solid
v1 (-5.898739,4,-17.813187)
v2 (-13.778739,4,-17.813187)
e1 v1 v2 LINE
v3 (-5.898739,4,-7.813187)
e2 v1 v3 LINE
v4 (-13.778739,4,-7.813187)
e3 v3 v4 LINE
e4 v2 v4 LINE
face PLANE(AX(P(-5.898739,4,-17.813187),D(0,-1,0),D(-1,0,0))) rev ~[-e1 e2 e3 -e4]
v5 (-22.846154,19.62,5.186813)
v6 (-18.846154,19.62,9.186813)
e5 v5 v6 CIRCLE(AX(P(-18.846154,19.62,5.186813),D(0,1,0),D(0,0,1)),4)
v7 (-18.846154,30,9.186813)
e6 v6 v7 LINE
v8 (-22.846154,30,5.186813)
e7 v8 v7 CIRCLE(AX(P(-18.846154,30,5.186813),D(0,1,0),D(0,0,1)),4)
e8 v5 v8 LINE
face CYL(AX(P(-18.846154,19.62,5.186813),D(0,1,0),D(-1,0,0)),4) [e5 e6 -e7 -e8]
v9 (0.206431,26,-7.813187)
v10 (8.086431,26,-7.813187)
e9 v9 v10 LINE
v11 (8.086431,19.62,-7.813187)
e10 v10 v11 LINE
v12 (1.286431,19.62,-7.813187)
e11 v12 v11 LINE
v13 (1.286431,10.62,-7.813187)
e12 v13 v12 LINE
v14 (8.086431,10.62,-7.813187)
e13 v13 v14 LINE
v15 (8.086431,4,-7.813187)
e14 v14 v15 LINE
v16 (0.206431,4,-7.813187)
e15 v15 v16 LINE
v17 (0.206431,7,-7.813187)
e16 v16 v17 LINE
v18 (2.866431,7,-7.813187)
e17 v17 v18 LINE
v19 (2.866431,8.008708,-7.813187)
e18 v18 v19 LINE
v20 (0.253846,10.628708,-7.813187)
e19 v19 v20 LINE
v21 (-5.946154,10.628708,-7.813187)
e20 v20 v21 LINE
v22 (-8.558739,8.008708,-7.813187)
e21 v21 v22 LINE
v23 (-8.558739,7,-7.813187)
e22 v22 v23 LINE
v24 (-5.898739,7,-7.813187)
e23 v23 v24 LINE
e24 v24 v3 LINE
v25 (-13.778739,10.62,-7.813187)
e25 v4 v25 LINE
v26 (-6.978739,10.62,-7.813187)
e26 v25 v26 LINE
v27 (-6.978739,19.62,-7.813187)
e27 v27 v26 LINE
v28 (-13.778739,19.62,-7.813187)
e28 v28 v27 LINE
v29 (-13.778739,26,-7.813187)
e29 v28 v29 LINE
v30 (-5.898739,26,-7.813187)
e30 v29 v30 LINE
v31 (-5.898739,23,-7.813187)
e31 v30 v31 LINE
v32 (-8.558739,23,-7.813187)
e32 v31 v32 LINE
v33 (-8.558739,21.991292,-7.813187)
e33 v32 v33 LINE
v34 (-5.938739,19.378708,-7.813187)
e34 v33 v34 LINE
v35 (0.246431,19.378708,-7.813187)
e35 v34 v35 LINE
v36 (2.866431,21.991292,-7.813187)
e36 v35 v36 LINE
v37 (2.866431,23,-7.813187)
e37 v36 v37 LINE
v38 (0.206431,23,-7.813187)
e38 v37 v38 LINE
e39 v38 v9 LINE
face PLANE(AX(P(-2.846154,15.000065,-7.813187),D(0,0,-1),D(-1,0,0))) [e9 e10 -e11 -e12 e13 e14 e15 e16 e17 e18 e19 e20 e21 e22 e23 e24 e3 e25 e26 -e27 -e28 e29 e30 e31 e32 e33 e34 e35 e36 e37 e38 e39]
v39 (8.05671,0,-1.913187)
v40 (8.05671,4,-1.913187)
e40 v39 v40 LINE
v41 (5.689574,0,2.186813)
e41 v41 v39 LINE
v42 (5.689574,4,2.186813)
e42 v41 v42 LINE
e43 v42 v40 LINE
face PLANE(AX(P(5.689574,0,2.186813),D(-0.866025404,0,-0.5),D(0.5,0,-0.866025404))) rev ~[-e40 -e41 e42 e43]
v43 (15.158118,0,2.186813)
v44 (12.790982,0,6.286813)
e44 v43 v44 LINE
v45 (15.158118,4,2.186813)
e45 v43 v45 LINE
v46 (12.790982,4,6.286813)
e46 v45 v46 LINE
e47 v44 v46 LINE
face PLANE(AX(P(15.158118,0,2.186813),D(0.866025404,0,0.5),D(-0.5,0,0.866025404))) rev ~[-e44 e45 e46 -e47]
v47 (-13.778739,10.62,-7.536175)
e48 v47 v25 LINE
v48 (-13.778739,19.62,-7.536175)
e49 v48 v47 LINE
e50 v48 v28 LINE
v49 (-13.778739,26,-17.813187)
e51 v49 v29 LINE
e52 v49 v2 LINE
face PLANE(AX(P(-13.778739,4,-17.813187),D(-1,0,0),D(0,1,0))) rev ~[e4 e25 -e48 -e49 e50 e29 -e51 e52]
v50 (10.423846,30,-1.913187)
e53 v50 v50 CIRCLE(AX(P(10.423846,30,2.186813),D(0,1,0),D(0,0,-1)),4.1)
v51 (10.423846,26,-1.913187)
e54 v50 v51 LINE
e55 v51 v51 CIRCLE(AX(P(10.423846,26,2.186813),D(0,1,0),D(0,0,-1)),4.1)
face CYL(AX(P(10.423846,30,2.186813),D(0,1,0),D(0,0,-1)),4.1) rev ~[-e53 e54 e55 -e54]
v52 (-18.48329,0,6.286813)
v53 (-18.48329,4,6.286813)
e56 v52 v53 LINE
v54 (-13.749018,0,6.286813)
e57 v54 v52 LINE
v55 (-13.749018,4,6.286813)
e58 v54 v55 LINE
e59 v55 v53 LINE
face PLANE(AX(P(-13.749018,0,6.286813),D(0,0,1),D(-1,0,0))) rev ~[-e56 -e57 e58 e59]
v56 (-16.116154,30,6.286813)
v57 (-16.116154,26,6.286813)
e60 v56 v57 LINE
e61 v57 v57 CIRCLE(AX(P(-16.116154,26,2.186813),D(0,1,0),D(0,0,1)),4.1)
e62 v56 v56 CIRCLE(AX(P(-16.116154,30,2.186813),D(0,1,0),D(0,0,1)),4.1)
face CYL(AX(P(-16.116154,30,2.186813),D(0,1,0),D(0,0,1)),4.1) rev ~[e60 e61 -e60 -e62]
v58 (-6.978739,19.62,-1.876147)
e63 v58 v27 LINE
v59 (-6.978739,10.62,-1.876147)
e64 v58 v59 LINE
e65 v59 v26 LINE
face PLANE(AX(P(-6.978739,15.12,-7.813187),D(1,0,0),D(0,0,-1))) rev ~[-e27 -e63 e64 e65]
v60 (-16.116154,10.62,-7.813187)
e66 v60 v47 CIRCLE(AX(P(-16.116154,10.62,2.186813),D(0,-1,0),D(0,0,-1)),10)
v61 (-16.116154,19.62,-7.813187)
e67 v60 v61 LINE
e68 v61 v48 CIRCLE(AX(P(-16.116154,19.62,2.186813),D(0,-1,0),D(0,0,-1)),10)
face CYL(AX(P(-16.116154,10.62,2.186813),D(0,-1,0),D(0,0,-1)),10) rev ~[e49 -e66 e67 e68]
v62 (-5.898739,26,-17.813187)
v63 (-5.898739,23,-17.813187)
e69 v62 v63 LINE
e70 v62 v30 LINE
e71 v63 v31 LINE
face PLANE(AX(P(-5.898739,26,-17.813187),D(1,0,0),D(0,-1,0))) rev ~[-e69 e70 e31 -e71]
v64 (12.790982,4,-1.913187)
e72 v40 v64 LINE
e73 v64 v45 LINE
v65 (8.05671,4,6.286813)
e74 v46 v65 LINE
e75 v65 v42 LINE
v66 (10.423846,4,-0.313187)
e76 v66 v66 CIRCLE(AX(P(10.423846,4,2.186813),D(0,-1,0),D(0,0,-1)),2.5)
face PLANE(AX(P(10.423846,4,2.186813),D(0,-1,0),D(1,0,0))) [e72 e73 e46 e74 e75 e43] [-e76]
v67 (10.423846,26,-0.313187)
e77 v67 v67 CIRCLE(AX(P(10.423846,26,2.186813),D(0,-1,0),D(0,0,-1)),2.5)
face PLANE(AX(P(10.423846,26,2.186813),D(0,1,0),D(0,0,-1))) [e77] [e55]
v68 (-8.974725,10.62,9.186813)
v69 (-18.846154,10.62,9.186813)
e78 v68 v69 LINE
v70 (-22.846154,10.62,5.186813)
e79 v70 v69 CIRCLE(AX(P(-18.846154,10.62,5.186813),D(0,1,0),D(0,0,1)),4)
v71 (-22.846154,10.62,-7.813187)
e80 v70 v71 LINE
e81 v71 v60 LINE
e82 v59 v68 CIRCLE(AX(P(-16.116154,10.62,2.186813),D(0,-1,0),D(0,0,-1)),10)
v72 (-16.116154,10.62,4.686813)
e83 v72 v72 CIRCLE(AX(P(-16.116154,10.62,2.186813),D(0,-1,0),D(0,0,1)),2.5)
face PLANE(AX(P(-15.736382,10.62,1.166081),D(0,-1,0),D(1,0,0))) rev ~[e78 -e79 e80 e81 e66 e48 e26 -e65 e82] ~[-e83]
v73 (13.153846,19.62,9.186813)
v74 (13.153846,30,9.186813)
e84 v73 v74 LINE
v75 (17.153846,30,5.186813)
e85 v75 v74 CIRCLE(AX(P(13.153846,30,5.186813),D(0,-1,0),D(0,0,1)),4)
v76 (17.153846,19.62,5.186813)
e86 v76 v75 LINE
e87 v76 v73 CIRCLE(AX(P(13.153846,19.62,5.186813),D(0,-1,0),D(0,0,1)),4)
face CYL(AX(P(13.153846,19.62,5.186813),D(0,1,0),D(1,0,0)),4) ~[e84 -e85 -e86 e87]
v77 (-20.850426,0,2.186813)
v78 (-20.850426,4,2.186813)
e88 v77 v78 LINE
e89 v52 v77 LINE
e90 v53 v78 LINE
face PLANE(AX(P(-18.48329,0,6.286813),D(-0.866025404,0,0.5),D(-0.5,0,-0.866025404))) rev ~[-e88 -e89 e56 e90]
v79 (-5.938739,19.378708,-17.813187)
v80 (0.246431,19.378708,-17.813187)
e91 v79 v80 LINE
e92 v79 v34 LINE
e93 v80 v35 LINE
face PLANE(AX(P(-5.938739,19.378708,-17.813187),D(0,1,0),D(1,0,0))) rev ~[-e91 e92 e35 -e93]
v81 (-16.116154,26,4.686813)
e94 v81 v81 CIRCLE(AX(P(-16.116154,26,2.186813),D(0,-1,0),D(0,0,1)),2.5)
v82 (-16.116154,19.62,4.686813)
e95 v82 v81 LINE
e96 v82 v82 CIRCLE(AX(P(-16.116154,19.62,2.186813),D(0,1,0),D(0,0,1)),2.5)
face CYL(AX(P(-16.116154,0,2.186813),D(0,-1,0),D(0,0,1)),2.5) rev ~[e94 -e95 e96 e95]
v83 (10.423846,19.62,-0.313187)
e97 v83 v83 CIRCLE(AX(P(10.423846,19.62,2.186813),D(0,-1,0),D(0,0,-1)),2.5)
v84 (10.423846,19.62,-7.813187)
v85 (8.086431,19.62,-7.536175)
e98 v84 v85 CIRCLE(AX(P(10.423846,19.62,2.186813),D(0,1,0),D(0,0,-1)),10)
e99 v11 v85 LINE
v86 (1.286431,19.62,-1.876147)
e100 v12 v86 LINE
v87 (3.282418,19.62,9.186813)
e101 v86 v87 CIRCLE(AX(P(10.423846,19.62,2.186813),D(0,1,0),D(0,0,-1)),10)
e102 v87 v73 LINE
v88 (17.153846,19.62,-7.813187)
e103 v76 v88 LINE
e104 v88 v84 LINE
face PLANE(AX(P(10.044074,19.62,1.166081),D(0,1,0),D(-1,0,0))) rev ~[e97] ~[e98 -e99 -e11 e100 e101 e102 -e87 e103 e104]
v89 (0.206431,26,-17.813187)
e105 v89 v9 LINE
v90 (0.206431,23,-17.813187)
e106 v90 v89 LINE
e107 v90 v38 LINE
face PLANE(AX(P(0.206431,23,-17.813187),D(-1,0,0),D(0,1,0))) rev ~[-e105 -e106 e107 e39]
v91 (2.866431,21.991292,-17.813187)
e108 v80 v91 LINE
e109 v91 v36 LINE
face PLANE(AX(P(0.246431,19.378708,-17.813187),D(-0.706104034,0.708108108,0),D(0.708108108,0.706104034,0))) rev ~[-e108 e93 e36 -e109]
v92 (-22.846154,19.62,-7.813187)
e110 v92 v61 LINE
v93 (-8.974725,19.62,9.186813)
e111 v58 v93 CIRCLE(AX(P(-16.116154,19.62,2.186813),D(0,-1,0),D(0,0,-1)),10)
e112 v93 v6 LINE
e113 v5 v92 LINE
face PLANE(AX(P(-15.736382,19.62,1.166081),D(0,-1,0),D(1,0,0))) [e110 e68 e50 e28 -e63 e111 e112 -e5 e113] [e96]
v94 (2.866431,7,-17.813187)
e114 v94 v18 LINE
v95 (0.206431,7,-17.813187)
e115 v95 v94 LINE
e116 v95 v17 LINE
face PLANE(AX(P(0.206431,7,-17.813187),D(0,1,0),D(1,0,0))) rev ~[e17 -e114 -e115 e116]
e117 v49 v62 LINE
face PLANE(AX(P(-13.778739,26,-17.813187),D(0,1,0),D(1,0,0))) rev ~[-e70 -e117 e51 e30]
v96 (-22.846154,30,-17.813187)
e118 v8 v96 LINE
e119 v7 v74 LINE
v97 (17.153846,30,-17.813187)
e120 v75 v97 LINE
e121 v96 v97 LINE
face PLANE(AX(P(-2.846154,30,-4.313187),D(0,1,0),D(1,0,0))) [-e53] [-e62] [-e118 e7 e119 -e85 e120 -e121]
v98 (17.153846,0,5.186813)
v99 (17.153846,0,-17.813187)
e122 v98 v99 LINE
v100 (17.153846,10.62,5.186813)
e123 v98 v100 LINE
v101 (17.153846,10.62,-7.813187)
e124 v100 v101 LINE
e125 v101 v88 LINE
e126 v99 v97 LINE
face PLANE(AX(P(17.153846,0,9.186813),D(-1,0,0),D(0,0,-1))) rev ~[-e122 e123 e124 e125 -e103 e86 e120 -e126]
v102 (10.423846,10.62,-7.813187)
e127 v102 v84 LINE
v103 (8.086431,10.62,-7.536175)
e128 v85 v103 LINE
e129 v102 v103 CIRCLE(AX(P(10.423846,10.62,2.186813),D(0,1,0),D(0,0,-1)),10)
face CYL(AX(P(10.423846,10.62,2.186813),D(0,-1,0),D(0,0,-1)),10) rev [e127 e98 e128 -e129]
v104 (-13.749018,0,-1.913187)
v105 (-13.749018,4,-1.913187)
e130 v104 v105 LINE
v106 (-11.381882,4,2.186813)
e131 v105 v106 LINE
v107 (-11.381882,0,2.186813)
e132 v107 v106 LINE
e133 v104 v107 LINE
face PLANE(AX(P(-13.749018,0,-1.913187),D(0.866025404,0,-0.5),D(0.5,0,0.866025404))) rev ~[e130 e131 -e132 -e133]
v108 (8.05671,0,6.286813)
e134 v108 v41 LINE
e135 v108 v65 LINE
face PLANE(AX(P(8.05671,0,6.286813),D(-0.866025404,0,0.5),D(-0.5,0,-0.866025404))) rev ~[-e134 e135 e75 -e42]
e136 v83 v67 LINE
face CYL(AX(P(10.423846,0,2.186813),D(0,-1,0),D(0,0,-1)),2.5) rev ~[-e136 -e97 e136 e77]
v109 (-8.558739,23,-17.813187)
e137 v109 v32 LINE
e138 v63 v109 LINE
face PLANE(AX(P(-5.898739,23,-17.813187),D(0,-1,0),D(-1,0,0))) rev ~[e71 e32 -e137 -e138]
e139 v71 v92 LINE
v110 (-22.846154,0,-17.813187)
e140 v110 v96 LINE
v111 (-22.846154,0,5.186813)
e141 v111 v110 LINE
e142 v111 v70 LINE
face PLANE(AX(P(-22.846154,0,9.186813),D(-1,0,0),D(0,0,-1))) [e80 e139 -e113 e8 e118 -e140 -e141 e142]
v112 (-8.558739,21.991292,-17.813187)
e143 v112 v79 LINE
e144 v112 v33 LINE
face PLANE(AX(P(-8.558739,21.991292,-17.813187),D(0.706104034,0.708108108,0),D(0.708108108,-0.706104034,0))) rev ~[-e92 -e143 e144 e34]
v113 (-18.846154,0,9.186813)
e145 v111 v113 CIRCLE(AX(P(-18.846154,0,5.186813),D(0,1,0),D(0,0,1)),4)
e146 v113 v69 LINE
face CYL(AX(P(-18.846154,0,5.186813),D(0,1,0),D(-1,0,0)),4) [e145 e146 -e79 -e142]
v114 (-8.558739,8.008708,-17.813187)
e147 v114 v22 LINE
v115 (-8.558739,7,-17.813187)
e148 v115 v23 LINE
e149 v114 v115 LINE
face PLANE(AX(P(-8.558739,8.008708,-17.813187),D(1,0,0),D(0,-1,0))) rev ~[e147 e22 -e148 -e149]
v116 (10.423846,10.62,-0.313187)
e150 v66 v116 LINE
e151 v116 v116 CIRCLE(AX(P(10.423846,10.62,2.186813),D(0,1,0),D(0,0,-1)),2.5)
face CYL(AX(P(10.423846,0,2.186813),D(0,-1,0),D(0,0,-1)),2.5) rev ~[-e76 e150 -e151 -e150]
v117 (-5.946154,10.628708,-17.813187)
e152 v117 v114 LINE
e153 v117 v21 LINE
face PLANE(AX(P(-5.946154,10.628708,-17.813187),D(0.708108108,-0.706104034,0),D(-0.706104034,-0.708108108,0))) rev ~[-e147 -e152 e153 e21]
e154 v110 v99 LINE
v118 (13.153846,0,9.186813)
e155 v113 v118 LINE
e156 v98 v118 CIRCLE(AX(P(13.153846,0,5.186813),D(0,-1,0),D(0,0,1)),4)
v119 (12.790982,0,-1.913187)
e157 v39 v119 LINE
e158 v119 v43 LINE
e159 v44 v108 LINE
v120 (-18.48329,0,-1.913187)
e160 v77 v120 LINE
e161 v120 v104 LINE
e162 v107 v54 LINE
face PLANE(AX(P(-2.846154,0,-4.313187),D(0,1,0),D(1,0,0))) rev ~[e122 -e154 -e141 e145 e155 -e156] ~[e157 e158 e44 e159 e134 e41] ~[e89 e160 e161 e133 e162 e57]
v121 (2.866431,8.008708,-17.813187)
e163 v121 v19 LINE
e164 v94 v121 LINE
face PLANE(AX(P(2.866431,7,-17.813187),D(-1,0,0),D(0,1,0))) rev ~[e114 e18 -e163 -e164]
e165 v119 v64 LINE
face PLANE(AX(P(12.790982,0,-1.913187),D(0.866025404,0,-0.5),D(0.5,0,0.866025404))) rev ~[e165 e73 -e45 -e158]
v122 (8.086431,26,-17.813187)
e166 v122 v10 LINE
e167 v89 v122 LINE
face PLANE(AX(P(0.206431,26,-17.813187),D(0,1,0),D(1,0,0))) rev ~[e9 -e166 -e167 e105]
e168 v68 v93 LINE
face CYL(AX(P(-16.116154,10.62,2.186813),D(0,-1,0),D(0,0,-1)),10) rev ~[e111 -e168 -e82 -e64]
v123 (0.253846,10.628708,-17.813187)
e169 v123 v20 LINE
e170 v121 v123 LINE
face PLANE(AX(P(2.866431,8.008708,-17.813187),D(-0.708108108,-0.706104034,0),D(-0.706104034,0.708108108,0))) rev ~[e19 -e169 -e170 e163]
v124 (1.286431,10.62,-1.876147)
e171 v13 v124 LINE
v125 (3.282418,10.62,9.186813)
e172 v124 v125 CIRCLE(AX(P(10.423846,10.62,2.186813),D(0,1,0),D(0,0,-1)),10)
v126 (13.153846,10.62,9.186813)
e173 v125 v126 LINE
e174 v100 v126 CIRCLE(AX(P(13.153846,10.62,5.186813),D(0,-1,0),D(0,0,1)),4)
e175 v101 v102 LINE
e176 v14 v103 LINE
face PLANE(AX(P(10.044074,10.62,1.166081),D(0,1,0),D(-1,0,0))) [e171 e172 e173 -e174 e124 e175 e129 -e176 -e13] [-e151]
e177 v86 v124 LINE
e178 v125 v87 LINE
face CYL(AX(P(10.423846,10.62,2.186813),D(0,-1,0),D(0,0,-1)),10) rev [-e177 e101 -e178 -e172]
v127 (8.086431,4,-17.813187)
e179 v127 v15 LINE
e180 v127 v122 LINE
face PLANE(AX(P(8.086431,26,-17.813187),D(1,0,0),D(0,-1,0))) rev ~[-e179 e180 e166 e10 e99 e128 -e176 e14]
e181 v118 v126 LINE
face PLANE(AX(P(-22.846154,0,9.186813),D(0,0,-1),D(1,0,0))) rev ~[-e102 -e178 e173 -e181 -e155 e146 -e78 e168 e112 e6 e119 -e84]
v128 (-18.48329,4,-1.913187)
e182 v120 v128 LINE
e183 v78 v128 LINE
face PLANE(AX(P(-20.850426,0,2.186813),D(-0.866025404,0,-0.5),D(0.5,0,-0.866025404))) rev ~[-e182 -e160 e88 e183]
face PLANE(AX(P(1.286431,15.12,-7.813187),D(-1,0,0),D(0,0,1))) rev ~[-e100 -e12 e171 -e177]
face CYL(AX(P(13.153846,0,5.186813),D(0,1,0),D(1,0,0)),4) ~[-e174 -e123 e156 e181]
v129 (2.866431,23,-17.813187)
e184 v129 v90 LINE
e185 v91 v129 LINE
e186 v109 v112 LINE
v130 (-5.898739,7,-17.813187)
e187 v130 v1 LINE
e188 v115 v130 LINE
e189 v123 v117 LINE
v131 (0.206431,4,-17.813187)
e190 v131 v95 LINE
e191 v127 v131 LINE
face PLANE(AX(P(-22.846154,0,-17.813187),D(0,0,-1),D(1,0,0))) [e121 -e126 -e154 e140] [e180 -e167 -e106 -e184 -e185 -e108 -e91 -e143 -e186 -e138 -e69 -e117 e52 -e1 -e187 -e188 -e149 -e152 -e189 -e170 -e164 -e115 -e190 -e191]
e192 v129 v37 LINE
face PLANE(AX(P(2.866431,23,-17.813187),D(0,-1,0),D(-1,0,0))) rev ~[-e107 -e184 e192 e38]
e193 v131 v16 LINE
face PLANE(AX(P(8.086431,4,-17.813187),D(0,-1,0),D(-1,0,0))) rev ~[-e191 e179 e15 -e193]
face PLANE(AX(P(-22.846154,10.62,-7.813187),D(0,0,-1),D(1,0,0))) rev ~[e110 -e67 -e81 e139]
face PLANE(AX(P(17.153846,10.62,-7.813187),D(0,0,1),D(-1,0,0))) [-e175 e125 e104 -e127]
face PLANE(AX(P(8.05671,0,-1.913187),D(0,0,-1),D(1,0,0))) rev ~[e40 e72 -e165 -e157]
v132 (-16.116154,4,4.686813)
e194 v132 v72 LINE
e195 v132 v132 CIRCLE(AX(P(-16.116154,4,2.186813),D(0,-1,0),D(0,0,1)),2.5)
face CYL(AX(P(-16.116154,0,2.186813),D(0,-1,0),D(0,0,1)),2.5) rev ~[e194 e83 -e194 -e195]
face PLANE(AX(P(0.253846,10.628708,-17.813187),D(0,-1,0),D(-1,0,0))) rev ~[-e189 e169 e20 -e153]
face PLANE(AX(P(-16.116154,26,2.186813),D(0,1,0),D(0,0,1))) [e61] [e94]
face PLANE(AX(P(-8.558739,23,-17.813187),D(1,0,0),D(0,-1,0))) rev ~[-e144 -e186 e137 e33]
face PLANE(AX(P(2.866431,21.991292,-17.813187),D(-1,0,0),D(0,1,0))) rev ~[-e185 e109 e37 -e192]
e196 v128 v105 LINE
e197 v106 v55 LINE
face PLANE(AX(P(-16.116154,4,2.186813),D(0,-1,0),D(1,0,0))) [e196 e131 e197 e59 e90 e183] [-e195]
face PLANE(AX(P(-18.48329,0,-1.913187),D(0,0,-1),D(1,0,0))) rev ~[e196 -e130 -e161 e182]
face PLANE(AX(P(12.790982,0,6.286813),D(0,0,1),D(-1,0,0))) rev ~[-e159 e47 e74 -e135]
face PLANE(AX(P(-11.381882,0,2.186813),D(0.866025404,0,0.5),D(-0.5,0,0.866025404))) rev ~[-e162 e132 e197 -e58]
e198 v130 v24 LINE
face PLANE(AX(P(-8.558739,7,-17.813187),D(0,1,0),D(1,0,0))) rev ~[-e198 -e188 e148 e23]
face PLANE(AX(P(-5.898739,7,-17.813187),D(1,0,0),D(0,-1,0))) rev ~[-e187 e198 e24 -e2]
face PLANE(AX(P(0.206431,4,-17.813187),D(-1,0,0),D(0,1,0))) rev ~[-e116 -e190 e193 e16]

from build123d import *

# Parameters (mm, degrees)
SKETCH1_W           = 40
SKETCH1_H           = 27
BOSS_EXTRUDE1_DEPTH = 30
CUT_EXTRUDE1_DEPTH  = 10
SKETCH3_R           = 2.5
CUT_EXTRUDE2_DEPTH  = 30
CUT_EXTRUDE5_START  = -10.62
CUT_EXTRUDE5_DEPTH  = 9
SKETCH10_W          = 20
SKETCH10_H          = 9
CUT_EXTRUDE7_DEPTH  = 6.8
SKETCH12_W          = 20
SKETCH12_H          = 9
CUT_EXTRUDE10_DEPTH = 6.8
FILLET1_R           = 4
SKETCH15_R          = 4.1
CUT_EXTRUDE12_DEPTH = 4
SKETCH16_R          = 2.5
CUT_EXTRUDE13_DEPTH = 4


with BuildPart() as part:
    # Sketch1 → Boss-Extrude1 (new body)
    with BuildSketch(Plane(origin=(0, 0, 0), x_dir=(1, 0, 0), z_dir=(0, 1, 0))):
        with Locations((-2.846153846, 4.313186813)):
            Rectangle(SKETCH1_W, SKETCH1_H)
    extrude(amount=BOSS_EXTRUDE1_DEPTH)

    # Sketch2 → Cut-Extrude1 (cut)
    with BuildSketch(Plane(origin=(0, 0, -17.813186813), x_dir=(-1, 0, 0), z_dir=(0, 0, -1))):
        Polygon((-8.086431081, 26), (-8.086431081, 4), (-0.206431081, 4), (-0.206431081, 7), (-2.866431081, 7), (-2.866431081, 8.008707537), (-0.253846154, 10.628707537), (5.946153846, 10.628707537), (8.558738773, 8.008707537), (8.558738773, 7), (5.898738773, 7), (5.898738773, 4), (13.778738773, 4), (13.778738773, 26), (5.898738773, 26), (5.898738773, 23), (8.558738773, 23), (8.558738773, 21.991292463), (5.938738773, 19.378707537), (-0.246431081, 19.378707537), (-2.866431081, 21.991292463), (-2.866431081, 23), (-0.206431081, 23), (-0.206431081, 26), align=None)
    extrude(amount=-CUT_EXTRUDE1_DEPTH, mode=Mode.SUBTRACT)

    # Sketch3 → Cut-Extrude2 (cut)
    with BuildSketch(Plane.XZ):
        with Locations((10.423846154, 2.186813187)):
            Circle(SKETCH3_R)
        with Locations((-16.116153846, 2.186813187)):
            Circle(SKETCH3_R)
    extrude(amount=-CUT_EXTRUDE2_DEPTH, mode=Mode.SUBTRACT)

    # Sketch8 → Cut-Extrude5 (cut)
    with BuildSketch(Plane.XZ.offset(CUT_EXTRUDE5_START)):
        with BuildLine():
            Line((17.153846154, 9.186813187), (3.282417725, 9.186813187))
            ThreePointArc((3.282417725, 9.186813187), (1.204301697, -1.686170159), (10.423846154, -7.813186813))
            Line((10.423846154, -7.813186813), (17.153846154, -7.813186813))
            Line((17.153846154, -7.813186813), (17.153846154, 9.186813187))
        make_face()
        with BuildLine():
            ThreePointArc((-16.116153846, -7.813186813), (-6.896609389, -1.686170159), (-8.974725418, 9.186813187))
            Line((-8.974725418, 9.186813187), (-22.846153846, 9.186813187))
            Line((-22.846153846, 9.186813187), (-22.846153846, -7.813186813))
            Line((-22.846153846, -7.813186813), (-16.116153846, -7.813186813))
        make_face()
    extrude(amount=-CUT_EXTRUDE5_DEPTH, mode=Mode.SUBTRACT)

    # Sketch10 → Cut-Extrude7 (cut)
    with BuildSketch(Plane.ZY.offset(-8.086431081)):
        with Locations((-7.813186813, 15.12)):
            Rectangle(SKETCH10_W, SKETCH10_H)
    extrude(amount=CUT_EXTRUDE7_DEPTH, mode=Mode.SUBTRACT)

    # Sketch12 → Cut-Extrude10 (cut)
    with BuildSketch(Plane(origin=(-13.778738773, 0, 0), x_dir=(0, 0, -1), z_dir=(1, 0, 0))):
        with Locations((7.813186813, 15.12)):
            Rectangle(SKETCH12_W, SKETCH12_H)
    extrude(amount=CUT_EXTRUDE10_DEPTH, mode=Mode.SUBTRACT)

    # Fillet1
    fillet1_edges = [part.edges().sort_by_distance(p)[0] for p in [
        (17.153846154, 5.31, 9.186813187),
        (17.153846154, 24.81, 9.186813187),
        (-22.846153846, 5.31, 9.186813187),
        (-22.846153846, 24.81, 9.186813187),
    ]]
    fillet(fillet1_edges, radius=FILLET1_R)

    # Sketch15 → Cut-Extrude12 (cut)
    with BuildSketch(Plane(origin=(0, 30, 0), x_dir=(1, 0, 0), z_dir=(0, 1, 0))):
        with Locations((-16.116153846, -2.186813187)):
            Circle(SKETCH15_R)
        with Locations((10.423846154, -2.186813187)):
            Circle(SKETCH15_R)
    extrude(amount=-CUT_EXTRUDE12_DEPTH, mode=Mode.SUBTRACT)

    # Sketch16 → Cut-Extrude13 (cut)
    # profile 1 of 2: a face of its own
    with BuildSketch(Plane.XZ):
        Polygon((-13.749017742, -1.913186813), (-11.381881639, 2.186813187), (-13.749017742, 6.286813187), (-18.48328995, 6.286813187), (-20.850426054, 2.186813187), (-18.48328995, -1.913186813), align=None)
        with Locations((-16.116153846, 2.186813187)):
            Circle(SKETCH16_R, mode=Mode.SUBTRACT)
    # profile 2 of 2: a face of its own
    with BuildSketch(Plane.XZ):
        Polygon((12.790982258, -1.913186813), (15.158118361, 2.186813187), (12.790982258, 6.286813187), (8.05671005, 6.286813187), (5.689573946, 2.186813187), (8.05671005, -1.913186813), align=None)
        with Locations((10.423846154, 2.186813187)):
            Circle(SKETCH16_R, mode=Mode.SUBTRACT)
    extrude(amount=-CUT_EXTRUDE13_DEPTH, mode=Mode.SUBTRACT)


solid = part.part
